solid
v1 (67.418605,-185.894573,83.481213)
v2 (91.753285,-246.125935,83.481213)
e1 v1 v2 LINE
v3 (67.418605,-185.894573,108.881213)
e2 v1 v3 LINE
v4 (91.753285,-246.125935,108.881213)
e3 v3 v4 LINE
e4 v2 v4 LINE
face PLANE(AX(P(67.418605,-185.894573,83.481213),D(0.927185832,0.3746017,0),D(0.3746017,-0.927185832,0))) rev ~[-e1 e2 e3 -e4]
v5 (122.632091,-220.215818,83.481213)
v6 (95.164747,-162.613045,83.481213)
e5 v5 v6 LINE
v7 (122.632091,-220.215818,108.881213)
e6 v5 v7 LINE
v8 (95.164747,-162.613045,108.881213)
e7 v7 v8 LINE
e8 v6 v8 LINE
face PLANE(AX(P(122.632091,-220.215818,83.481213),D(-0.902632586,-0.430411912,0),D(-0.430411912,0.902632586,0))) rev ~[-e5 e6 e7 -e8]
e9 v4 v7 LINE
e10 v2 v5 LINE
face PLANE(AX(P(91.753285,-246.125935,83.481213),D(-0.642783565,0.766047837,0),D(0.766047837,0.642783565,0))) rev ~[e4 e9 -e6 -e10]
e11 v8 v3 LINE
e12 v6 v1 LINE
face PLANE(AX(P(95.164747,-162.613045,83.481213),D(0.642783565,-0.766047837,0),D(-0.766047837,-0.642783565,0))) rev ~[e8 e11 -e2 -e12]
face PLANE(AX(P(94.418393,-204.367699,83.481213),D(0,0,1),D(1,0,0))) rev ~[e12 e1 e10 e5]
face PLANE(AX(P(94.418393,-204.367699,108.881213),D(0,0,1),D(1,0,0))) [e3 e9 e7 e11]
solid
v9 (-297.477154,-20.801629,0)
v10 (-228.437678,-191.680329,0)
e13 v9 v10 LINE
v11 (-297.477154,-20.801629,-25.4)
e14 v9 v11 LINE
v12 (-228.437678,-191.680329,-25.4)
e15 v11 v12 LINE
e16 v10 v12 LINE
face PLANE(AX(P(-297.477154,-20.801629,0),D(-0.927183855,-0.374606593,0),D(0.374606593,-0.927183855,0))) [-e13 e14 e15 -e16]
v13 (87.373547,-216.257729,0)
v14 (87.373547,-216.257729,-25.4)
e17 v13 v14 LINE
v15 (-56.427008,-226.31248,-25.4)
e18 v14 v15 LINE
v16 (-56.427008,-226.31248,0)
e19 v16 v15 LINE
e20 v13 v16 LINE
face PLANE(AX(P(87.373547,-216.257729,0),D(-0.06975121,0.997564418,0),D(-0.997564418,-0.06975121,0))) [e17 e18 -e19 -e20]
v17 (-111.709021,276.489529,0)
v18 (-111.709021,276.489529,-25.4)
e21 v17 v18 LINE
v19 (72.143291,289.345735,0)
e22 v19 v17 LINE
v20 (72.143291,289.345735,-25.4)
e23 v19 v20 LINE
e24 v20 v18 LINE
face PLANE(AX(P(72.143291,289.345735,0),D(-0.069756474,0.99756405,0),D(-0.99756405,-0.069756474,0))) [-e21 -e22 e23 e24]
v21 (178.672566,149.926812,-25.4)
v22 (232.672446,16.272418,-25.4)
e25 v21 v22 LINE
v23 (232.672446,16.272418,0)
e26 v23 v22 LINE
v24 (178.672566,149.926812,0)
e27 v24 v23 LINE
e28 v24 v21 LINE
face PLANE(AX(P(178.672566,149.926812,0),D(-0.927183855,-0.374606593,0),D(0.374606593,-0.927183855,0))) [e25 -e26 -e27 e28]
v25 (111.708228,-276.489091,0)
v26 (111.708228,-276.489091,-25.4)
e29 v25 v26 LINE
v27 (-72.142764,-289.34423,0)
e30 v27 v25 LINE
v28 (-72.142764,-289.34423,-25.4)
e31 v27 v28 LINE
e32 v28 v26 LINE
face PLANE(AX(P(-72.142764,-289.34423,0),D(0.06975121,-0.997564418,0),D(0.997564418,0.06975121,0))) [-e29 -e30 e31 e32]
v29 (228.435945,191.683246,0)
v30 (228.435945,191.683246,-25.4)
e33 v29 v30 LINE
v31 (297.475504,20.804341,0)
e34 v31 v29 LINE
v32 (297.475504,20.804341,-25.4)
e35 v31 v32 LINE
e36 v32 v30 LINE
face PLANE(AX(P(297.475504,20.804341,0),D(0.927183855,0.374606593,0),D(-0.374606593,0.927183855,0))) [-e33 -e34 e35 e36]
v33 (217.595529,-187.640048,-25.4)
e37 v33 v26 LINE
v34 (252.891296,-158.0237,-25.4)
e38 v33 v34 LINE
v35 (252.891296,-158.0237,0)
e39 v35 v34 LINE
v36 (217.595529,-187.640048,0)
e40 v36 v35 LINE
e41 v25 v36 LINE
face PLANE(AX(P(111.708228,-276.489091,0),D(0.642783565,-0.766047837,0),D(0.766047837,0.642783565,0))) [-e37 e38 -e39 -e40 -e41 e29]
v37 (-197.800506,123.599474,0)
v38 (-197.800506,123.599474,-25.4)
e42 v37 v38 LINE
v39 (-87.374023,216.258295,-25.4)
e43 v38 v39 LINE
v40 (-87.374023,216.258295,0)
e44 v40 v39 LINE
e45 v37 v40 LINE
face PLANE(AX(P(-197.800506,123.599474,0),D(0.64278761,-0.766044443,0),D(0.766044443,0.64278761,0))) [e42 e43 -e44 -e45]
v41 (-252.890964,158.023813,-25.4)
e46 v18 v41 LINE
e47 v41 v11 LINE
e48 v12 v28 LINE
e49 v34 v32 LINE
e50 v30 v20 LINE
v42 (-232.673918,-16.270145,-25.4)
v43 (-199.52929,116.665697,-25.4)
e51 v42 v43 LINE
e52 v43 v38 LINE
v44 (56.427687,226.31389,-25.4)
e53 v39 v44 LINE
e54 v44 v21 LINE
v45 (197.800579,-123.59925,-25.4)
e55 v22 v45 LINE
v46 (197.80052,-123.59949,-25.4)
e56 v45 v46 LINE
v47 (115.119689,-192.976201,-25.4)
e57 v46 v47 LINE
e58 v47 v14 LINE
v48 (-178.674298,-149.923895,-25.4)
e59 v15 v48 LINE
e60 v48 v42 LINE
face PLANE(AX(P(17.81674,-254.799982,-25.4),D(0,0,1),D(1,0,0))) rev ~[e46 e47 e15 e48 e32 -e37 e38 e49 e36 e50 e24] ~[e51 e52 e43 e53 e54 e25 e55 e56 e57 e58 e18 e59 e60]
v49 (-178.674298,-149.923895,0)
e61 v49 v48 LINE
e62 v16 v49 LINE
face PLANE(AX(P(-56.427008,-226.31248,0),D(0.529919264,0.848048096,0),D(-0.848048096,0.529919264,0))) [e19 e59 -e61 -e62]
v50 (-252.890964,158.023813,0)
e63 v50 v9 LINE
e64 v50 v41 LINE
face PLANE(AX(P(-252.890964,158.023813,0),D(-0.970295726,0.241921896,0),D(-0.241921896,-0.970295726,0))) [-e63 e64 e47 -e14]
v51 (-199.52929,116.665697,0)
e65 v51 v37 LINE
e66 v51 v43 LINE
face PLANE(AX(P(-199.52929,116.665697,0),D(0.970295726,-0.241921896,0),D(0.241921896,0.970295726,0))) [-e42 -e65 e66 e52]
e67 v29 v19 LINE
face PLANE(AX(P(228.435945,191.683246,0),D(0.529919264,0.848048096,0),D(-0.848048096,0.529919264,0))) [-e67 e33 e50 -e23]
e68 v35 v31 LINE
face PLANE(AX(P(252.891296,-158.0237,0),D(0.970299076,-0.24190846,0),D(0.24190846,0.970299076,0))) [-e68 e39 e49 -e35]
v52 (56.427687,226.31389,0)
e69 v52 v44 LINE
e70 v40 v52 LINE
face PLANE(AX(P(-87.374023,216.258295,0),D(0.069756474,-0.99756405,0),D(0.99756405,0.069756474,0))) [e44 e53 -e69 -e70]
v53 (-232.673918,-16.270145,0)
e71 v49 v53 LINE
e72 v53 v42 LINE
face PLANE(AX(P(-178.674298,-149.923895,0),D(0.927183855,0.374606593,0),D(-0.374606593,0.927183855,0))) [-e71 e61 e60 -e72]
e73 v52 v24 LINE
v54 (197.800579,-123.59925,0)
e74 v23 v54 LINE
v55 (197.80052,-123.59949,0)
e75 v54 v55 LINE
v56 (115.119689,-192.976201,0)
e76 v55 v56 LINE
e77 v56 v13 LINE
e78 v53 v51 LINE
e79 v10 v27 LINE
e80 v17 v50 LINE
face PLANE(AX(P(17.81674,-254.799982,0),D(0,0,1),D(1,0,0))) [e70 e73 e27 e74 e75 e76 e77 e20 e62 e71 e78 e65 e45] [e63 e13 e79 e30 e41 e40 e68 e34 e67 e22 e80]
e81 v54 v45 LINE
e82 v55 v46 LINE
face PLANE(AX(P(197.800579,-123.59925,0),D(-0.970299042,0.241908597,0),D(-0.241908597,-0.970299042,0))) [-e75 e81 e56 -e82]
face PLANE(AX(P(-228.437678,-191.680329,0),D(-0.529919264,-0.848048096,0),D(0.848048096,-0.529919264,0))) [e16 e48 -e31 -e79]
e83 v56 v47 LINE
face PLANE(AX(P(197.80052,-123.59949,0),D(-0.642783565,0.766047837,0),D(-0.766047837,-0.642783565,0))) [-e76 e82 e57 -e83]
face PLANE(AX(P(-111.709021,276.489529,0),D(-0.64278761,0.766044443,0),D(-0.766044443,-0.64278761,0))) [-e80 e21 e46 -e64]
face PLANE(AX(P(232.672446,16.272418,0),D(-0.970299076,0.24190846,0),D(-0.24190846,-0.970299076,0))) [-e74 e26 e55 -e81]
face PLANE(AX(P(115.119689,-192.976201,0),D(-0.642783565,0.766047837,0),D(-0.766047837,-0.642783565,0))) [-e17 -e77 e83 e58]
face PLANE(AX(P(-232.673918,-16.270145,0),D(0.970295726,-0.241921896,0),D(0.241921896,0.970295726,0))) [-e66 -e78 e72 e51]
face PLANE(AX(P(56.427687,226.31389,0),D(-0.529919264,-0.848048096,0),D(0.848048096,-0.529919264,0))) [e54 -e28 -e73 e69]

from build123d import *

# Parameters (mm, degrees)
F2_DEPTH = 25.399999693
F6_DEPTH = 25.4


with BuildPart() as f2:
    # F1 (on face) + F0 (on Top) → F2 (new body)
    with BuildSketch(Plane.XY):
        Polygon((-111.7090208536, 276.4895289227), (-252.8909638096, 158.0238126594), (-199.5292903903, 116.6656971275), (-197.8005056994, 123.5994738037), (-87.3740227139, 216.2582949491), align=None)
        Polygon((72.1432911881, 289.3457349723), (-111.7090208536, 276.4895289227), (-87.3740227139, 216.2582949491), (56.4276871958, 226.3138900752), align=None)
        Polygon((252.8912963973, -158.0237002986), (297.475504436, 20.8043405065), (232.672446056, 16.2724183596), (197.8005794587, -123.599250492), (197.8005196319, -123.5994904582), (170.1937765863, -146.7640499688), (217.5955292139, -187.6400479438), align=None)
        Polygon((115.1196894096, -192.9762006665), (142.5870335407, -250.578974095), (182.2997620306, -217.256395589), (217.5955292139, -187.6400479438), (170.1937765863, -146.7640499688), (142.5870335407, -169.9286094794), align=None)
        Polygon((297.475504436, 20.8043405065), (228.4359453683, 191.6832455206), (178.6725658009, 149.9268120649), (232.672446056, 16.2724183596), align=None)
        Polygon((228.4359453683, 191.6832455206), (72.1432911881, 289.3457349723), (56.4276871958, 226.3138900752), (178.6725658009, 149.9268120649), align=None)
        Polygon((-199.5292903903, 116.6656971275), (-252.8909638096, 158.0238126594), (-297.4771540381, -20.8016290079), (-232.6739184998, -16.2701453431), align=None)
        Polygon((-178.6742984099, -149.9238951169), (-228.4376779774, -191.6803285726), (-72.1427644082, -289.3442298472), (-56.4270076022, -226.3124804387), align=None)
        Polygon((-232.6739184998, -16.2701453431), (-297.4771540381, -20.8016290079), (-228.4376779774, -191.6803285726), (-178.6742984099, -149.9238951169), align=None)
    with BuildSketch(Plane.XY):
        Polygon((87.3735474494, -216.2577285007), (-56.4270076022, -226.3124804387), (-72.1427644082, -289.3442298472), (111.708227664, -276.4890908793), align=None)
        Polygon((115.1196894096, -192.9762006665), (87.3735474494, -216.2577285007), (111.708227664, -276.4890908793), (142.5870335407, -250.578974095), align=None)
    extrude(amount=-F2_DEPTH)


with BuildPart() as f6:
    # F5 (on offset) → F6 (new body)
    with BuildSketch(Plane.XY.offset(83.4812130779)):
        Polygon((95.1647471272, -162.6130449808), (67.418605167, -185.894572815), (91.7532853816, -246.1259351936), (122.6320912583, -220.2158184093), align=None)
    extrude(amount=F6_DEPTH)


solid = Compound([f2.part, f6.part])
